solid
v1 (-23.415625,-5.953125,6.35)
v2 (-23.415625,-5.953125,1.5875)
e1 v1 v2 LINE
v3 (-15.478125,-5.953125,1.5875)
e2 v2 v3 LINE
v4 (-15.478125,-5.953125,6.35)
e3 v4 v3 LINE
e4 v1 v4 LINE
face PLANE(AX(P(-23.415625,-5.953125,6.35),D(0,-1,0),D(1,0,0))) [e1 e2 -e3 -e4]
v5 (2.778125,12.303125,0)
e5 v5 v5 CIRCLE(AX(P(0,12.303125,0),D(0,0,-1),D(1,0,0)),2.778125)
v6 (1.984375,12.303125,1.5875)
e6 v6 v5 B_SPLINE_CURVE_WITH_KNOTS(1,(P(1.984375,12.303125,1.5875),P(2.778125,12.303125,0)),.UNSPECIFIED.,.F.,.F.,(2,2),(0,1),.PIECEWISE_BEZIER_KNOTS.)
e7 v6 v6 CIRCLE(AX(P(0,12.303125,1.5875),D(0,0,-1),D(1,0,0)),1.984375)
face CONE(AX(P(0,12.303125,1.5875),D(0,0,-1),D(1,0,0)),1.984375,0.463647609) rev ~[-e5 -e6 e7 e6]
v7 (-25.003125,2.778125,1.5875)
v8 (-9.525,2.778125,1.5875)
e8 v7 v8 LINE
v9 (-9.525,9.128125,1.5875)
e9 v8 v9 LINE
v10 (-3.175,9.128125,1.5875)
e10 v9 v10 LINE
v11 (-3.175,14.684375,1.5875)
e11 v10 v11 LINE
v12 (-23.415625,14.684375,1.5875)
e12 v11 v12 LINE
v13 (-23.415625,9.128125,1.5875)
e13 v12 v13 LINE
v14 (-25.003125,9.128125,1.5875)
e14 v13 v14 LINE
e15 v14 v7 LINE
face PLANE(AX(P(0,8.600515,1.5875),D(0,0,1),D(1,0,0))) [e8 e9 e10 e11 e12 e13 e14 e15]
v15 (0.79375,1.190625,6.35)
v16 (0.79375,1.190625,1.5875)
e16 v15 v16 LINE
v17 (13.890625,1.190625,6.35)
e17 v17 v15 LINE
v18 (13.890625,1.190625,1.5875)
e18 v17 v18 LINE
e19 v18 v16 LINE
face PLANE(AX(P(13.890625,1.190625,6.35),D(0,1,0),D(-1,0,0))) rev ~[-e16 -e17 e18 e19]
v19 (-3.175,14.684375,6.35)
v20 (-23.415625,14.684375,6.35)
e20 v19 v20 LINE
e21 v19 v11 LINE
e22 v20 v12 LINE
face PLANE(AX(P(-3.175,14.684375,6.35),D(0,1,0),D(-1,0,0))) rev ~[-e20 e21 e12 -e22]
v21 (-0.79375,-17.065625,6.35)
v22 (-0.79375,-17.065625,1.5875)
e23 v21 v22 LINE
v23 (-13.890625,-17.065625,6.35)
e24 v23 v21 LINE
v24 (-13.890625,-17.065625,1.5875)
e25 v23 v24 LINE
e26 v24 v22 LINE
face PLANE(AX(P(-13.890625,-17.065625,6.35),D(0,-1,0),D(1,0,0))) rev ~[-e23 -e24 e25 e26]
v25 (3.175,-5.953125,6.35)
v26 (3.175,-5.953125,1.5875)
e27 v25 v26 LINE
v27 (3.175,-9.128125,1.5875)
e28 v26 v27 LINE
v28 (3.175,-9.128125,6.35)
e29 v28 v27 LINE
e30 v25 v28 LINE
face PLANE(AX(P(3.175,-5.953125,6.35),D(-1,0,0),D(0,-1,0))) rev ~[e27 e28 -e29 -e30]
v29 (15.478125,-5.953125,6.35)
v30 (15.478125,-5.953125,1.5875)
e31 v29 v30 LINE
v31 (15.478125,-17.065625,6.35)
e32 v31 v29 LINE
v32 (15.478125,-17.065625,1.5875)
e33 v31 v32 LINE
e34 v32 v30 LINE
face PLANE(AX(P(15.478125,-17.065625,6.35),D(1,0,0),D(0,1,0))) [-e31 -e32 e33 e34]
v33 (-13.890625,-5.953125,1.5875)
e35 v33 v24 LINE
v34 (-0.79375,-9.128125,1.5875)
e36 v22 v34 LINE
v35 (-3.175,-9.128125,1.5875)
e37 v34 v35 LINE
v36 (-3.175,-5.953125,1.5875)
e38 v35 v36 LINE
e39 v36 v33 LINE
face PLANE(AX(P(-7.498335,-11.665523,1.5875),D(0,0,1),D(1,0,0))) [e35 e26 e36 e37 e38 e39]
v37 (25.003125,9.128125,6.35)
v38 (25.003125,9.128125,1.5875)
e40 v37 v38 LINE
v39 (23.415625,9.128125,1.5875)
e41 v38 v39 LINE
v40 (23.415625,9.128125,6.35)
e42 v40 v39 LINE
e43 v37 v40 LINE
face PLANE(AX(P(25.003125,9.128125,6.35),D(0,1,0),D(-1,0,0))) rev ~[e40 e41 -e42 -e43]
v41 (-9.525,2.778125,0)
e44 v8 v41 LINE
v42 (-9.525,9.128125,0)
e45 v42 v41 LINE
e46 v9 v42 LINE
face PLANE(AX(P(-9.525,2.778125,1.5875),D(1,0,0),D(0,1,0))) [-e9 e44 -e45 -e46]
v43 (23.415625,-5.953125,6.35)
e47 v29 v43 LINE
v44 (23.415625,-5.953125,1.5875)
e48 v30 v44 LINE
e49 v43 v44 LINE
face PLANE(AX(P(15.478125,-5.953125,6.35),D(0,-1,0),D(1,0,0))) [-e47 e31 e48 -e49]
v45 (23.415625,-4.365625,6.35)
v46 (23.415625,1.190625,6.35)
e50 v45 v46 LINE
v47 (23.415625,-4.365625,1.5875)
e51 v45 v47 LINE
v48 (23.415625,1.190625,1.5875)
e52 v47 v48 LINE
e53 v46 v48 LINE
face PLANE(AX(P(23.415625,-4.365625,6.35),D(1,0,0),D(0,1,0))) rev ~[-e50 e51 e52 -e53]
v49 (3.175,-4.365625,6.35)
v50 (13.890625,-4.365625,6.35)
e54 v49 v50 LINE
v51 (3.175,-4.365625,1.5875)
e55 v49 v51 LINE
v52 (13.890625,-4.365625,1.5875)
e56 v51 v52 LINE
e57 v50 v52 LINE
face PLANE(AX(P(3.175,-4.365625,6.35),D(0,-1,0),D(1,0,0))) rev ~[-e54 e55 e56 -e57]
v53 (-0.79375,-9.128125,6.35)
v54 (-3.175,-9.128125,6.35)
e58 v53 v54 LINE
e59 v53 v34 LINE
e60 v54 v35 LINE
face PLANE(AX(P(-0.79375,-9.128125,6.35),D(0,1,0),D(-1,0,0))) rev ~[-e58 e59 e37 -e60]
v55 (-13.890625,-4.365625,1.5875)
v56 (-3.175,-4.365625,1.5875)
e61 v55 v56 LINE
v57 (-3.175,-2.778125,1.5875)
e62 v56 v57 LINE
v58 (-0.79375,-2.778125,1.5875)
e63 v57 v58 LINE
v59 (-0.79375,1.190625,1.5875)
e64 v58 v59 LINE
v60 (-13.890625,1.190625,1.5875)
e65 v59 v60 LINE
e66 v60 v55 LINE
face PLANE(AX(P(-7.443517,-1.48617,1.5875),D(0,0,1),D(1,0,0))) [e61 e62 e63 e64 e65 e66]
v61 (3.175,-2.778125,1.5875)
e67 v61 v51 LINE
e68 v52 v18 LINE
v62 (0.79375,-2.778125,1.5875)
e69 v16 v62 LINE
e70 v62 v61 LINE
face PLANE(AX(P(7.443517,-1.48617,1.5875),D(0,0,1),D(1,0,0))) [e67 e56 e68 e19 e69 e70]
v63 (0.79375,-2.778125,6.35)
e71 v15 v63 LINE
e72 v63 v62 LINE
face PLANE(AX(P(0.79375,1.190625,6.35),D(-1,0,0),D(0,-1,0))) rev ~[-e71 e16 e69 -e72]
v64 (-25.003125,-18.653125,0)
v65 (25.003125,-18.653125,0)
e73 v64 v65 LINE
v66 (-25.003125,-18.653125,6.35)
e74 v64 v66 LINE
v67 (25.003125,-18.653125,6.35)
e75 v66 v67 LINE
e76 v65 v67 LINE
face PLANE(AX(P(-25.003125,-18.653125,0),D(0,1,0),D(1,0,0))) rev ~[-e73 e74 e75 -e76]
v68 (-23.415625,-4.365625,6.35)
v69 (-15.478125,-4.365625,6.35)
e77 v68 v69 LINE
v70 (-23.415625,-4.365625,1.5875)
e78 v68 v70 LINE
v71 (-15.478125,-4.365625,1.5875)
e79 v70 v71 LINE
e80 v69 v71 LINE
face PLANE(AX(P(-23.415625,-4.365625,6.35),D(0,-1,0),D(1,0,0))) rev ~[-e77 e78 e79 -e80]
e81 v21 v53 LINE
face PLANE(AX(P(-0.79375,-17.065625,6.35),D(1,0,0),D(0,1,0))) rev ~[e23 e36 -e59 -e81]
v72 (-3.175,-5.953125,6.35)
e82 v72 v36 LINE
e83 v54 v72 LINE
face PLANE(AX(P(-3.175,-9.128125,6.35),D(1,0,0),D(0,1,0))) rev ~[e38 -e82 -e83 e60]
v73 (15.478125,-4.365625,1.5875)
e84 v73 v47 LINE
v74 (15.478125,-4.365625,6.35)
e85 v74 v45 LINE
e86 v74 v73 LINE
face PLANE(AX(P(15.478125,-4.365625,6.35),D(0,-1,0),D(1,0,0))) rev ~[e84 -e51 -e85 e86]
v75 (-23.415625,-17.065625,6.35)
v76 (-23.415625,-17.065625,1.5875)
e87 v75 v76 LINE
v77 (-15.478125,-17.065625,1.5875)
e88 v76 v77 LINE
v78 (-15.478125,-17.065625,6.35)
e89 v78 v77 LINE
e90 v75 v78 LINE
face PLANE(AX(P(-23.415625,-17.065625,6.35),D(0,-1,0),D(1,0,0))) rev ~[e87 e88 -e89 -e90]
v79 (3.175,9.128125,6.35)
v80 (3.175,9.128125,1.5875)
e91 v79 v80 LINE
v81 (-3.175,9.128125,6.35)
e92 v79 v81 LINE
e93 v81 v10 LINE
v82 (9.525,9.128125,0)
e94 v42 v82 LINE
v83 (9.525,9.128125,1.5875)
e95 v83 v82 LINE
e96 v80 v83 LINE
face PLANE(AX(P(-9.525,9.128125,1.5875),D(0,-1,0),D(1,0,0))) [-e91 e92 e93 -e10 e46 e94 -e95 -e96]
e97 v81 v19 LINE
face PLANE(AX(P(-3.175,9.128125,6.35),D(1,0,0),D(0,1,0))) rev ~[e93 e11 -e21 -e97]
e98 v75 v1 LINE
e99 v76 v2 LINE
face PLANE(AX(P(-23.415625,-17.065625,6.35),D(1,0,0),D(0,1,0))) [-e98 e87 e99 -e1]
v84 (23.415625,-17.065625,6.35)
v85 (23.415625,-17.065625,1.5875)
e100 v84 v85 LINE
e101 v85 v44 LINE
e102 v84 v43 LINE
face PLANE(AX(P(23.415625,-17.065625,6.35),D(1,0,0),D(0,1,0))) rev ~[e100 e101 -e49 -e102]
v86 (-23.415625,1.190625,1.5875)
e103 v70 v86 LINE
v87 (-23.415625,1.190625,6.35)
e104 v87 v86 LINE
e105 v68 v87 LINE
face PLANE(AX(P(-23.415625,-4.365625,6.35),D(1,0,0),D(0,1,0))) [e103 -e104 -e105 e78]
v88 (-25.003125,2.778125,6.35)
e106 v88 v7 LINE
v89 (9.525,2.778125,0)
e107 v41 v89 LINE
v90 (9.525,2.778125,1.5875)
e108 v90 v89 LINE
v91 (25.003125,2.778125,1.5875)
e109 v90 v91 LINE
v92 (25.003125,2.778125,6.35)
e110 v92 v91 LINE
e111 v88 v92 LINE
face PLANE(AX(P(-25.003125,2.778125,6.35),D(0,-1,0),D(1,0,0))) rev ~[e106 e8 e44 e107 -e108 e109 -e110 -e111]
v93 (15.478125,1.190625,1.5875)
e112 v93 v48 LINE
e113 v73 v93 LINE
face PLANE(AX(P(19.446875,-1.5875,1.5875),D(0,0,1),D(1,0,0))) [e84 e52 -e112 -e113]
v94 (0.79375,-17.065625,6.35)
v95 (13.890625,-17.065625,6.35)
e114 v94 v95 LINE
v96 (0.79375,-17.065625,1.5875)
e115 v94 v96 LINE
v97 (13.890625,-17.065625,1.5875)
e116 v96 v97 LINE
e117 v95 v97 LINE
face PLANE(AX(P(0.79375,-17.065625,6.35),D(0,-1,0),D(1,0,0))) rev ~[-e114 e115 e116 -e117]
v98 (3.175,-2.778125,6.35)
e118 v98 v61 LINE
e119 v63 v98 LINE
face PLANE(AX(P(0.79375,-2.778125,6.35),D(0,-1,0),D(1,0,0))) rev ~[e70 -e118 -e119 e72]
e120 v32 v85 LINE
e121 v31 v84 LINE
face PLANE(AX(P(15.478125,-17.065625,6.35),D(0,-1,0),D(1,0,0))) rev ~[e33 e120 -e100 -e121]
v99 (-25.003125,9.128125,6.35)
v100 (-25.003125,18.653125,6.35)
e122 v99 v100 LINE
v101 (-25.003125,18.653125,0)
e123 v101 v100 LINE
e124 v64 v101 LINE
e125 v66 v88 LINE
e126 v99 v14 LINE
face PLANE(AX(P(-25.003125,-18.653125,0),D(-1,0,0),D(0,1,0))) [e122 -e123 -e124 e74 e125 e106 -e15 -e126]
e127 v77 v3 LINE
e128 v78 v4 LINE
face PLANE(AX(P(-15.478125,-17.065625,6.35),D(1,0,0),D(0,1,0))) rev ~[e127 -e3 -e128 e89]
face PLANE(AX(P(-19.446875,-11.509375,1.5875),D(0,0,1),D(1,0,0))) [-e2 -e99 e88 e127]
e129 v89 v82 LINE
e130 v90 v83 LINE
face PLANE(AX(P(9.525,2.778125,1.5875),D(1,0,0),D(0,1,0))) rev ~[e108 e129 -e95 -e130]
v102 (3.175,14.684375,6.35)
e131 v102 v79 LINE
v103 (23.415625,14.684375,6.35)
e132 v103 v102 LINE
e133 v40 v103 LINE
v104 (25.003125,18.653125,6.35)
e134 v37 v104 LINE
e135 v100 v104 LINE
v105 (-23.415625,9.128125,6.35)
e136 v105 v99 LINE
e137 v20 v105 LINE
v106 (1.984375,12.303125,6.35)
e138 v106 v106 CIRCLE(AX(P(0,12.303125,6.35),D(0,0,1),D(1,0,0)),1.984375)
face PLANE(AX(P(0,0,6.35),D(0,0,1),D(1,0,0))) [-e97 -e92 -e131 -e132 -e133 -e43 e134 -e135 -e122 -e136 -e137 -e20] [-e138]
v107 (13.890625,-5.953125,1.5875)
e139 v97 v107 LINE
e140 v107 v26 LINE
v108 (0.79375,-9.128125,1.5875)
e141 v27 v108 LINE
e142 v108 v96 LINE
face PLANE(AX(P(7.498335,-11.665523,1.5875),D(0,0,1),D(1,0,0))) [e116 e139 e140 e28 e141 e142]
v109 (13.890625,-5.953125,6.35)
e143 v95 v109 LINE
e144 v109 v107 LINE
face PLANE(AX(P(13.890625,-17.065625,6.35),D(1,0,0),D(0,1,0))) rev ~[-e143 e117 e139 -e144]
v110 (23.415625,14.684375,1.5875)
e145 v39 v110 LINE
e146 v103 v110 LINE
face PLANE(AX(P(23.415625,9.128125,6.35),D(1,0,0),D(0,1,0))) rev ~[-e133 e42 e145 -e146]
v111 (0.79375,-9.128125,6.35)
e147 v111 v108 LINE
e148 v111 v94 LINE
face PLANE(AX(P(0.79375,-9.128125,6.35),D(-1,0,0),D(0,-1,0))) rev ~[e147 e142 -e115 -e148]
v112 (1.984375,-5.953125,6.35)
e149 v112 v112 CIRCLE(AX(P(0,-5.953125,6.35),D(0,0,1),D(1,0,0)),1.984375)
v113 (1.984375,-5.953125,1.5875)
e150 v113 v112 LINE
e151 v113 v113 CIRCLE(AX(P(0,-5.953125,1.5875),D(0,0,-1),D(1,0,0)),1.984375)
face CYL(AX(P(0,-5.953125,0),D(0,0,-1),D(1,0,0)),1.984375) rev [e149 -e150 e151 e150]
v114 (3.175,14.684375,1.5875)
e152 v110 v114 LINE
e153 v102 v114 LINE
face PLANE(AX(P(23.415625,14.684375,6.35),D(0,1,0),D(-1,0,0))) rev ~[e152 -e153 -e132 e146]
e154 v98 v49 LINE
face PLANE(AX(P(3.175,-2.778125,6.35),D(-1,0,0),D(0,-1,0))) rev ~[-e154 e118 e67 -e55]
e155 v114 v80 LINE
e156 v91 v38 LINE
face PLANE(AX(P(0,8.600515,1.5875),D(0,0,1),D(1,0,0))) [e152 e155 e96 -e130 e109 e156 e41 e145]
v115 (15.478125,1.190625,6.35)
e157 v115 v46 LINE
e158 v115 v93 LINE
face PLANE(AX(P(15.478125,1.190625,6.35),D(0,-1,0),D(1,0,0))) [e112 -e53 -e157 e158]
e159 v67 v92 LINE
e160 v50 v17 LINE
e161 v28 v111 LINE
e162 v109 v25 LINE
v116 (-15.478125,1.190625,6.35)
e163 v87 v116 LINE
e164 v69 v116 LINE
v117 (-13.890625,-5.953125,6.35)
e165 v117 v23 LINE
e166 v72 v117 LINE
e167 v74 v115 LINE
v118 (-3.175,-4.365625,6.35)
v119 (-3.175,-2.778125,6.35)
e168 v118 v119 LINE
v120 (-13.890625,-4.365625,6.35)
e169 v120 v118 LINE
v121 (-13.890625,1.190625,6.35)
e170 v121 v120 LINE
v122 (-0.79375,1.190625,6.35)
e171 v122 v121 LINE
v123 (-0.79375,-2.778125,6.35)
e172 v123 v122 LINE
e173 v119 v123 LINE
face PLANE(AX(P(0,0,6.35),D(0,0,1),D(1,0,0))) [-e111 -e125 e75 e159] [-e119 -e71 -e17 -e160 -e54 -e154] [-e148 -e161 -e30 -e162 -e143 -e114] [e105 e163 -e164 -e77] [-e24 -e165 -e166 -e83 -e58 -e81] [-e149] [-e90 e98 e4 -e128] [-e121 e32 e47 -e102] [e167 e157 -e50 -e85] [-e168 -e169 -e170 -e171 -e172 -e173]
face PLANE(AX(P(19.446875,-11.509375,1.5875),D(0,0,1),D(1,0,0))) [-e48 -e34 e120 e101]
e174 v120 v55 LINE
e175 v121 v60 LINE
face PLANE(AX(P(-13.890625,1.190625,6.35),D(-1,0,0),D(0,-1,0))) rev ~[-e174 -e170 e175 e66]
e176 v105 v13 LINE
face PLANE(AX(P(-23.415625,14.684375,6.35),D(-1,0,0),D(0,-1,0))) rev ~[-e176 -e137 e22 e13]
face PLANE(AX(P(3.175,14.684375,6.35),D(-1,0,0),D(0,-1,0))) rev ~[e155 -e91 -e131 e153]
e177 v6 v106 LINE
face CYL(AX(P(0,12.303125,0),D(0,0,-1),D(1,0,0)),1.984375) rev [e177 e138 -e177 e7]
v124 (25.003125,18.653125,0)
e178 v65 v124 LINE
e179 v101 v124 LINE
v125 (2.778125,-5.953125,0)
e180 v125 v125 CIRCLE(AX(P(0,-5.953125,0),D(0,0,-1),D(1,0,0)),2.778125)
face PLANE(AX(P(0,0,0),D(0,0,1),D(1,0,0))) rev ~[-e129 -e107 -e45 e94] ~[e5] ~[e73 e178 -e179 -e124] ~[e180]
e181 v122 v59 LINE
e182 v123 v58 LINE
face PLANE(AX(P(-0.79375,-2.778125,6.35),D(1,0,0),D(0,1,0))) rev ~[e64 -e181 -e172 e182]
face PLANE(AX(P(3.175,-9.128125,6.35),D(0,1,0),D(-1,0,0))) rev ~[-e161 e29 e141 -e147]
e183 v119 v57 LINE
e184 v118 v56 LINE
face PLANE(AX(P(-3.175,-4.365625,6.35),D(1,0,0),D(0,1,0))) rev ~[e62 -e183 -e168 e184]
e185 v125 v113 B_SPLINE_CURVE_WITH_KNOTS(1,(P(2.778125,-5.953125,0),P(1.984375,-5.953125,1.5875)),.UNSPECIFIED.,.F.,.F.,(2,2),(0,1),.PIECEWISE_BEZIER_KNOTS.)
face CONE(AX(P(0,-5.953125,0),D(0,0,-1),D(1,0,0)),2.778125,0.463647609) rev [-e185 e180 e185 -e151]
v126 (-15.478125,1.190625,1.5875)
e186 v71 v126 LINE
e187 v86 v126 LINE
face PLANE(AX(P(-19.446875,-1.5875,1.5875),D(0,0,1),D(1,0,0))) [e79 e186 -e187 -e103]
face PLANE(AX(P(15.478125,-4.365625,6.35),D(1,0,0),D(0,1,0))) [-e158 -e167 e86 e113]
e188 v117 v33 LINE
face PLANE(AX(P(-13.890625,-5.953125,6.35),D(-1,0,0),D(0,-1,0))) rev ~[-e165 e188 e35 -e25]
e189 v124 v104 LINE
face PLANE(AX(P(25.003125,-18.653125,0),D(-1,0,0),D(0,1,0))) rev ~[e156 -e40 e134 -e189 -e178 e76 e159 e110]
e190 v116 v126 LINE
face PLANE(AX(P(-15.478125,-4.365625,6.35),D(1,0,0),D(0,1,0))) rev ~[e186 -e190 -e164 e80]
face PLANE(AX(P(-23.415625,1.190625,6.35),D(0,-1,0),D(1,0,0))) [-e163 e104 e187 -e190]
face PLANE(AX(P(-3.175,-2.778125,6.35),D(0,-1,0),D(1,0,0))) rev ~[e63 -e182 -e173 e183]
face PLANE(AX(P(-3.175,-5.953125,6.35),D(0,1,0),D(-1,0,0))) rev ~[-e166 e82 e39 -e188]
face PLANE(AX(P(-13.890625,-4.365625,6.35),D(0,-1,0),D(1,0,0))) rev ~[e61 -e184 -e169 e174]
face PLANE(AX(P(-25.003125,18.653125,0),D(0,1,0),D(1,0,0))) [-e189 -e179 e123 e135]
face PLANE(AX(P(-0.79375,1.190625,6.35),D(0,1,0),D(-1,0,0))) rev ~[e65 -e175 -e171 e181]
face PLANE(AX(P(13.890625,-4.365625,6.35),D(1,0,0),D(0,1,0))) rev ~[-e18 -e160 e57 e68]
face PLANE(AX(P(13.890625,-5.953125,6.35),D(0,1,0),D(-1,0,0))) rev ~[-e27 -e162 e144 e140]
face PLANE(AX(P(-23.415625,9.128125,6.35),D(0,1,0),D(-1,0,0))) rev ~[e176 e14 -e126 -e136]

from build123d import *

# Parameters (mm, degrees)
F0_W      = 50.00625
F0_H      = 37.30625
F0_R      = 1.984375
F0_W_2    = 19.05
F0_H_2    = 5.55625
F1_DEPTH  = 6.35
F2_W      = 7.9375
F2_H      = 5.55625
F2_H_2    = 11.1125
F3_DEPTH  = 4.7625
F5_R      = 1.984375
F6_R      = 2.778125
F8_R      = 2.778125
F9_R      = 1.984375
F11_W     = 19.05
F11_H     = 6.35
F12_DEPTH = 25.4


with BuildPart() as f1:
    # F0 (on Top) → F1 (new body)
    with BuildSketch(Plane.XY):
        Rectangle(F0_W, F0_H)
        with Locations((0, -5.953125)):
            Circle(F0_R, mode=Mode.SUBTRACT)
        with Locations((0, 5.953125)):
            Rectangle(F0_W_2, F0_H_2, mode=Mode.SUBTRACT)
        with Locations((0, 12.303125)):
            Circle(F0_R, mode=Mode.SUBTRACT)
    extrude(amount=F1_DEPTH)

    # F2 (on face) → F3 (cut)
    with BuildSketch(Plane.XY.offset(6.35)):
        Polygon((-3.175, 14.684375), (-23.415625, 14.684375), (-23.415625, 9.128125), (-25.003125, 9.128125), (-25.003125, 2.778125), (-23.415625, 2.778125), (0, 2.778125), (23.415625, 2.778125), (25.003125, 2.778125), (25.003125, 9.128125), (23.415625, 9.128125), (23.415625, 14.684375), (3.175, 14.684375), (3.175, 9.128125), (-3.175, 9.128125), align=None)
        with Locations((-19.446875, -1.5875)):
            Rectangle(F2_W, F2_H)
        Polygon((-0.79375, 1.190625), (-13.890625, 1.190625), (-13.890625, -4.365625), (-3.175, -4.365625), (-3.175, -2.778125), (-0.79375, -2.778125), align=None)
        with Locations((-19.446875, -11.509375)):
            Rectangle(F2_W, F2_H_2)
        Polygon((-3.175, -5.953125), (-13.890625, -5.953125), (-13.890625, -17.065625), (-0.79375, -17.065625), (-0.79375, -9.128125), (-3.175, -9.128125), align=None)
        Polygon((0.79375, -2.778125), (3.175, -2.778125), (3.175, -4.365625), (13.890625, -4.365625), (13.890625, 1.190625), (0.79375, 1.190625), align=None)
        Polygon((13.890625, -5.953125), (3.175, -5.953125), (3.175, -9.128125), (0.79375, -9.128125), (0.79375, -17.065625), (13.890625, -17.065625), align=None)
        with Locations((19.446875, -1.5875)):
            Rectangle(F2_W, F2_H)
        with Locations((19.446875, -11.509375)):
            Rectangle(F2_W, F2_H_2)
    extrude(amount=-F3_DEPTH, mode=Mode.SUBTRACT)

    # F5 (on offset) → F7 section 0
    with BuildSketch(Plane(origin=(0, 0, 1.5875), x_dir=(1, 0, 0), z_dir=(0, 0, -1))):
        with Locations((0, -12.303125)):
            Circle(F5_R)
    # F6 (on face) → F7 section 1
    with BuildSketch(Plane(origin=(0, 0, 0), x_dir=(1, 0, 0), z_dir=(0, 0, -1))):
        with Locations((0, -12.303125)):
            Circle(F6_R)
    loft(mode=Mode.SUBTRACT)

    # F8 (on face) → F10 section 0
    with BuildSketch(Plane(origin=(0, 0, 0), x_dir=(1, 0, 0), z_dir=(0, 0, -1))):
        with Locations((0, 5.953125)):
            Circle(F8_R)
    # F9 (on offset) → F10 section 1
    with BuildSketch(Plane(origin=(0, 0, 1.5875), x_dir=(1, 0, 0), z_dir=(0, 0, -1))):
        with Locations((0, 5.953125)):
            Circle(F9_R)
    loft(mode=Mode.SUBTRACT)

    # F11 (on face) → F12 (cut)
    with BuildSketch(Plane.XY.offset(1.5875)):
        with Locations((0, 5.953125)):
            Rectangle(F11_W, F11_H)
    extrude(amount=-F12_DEPTH, mode=Mode.SUBTRACT)


solid = f1.part
